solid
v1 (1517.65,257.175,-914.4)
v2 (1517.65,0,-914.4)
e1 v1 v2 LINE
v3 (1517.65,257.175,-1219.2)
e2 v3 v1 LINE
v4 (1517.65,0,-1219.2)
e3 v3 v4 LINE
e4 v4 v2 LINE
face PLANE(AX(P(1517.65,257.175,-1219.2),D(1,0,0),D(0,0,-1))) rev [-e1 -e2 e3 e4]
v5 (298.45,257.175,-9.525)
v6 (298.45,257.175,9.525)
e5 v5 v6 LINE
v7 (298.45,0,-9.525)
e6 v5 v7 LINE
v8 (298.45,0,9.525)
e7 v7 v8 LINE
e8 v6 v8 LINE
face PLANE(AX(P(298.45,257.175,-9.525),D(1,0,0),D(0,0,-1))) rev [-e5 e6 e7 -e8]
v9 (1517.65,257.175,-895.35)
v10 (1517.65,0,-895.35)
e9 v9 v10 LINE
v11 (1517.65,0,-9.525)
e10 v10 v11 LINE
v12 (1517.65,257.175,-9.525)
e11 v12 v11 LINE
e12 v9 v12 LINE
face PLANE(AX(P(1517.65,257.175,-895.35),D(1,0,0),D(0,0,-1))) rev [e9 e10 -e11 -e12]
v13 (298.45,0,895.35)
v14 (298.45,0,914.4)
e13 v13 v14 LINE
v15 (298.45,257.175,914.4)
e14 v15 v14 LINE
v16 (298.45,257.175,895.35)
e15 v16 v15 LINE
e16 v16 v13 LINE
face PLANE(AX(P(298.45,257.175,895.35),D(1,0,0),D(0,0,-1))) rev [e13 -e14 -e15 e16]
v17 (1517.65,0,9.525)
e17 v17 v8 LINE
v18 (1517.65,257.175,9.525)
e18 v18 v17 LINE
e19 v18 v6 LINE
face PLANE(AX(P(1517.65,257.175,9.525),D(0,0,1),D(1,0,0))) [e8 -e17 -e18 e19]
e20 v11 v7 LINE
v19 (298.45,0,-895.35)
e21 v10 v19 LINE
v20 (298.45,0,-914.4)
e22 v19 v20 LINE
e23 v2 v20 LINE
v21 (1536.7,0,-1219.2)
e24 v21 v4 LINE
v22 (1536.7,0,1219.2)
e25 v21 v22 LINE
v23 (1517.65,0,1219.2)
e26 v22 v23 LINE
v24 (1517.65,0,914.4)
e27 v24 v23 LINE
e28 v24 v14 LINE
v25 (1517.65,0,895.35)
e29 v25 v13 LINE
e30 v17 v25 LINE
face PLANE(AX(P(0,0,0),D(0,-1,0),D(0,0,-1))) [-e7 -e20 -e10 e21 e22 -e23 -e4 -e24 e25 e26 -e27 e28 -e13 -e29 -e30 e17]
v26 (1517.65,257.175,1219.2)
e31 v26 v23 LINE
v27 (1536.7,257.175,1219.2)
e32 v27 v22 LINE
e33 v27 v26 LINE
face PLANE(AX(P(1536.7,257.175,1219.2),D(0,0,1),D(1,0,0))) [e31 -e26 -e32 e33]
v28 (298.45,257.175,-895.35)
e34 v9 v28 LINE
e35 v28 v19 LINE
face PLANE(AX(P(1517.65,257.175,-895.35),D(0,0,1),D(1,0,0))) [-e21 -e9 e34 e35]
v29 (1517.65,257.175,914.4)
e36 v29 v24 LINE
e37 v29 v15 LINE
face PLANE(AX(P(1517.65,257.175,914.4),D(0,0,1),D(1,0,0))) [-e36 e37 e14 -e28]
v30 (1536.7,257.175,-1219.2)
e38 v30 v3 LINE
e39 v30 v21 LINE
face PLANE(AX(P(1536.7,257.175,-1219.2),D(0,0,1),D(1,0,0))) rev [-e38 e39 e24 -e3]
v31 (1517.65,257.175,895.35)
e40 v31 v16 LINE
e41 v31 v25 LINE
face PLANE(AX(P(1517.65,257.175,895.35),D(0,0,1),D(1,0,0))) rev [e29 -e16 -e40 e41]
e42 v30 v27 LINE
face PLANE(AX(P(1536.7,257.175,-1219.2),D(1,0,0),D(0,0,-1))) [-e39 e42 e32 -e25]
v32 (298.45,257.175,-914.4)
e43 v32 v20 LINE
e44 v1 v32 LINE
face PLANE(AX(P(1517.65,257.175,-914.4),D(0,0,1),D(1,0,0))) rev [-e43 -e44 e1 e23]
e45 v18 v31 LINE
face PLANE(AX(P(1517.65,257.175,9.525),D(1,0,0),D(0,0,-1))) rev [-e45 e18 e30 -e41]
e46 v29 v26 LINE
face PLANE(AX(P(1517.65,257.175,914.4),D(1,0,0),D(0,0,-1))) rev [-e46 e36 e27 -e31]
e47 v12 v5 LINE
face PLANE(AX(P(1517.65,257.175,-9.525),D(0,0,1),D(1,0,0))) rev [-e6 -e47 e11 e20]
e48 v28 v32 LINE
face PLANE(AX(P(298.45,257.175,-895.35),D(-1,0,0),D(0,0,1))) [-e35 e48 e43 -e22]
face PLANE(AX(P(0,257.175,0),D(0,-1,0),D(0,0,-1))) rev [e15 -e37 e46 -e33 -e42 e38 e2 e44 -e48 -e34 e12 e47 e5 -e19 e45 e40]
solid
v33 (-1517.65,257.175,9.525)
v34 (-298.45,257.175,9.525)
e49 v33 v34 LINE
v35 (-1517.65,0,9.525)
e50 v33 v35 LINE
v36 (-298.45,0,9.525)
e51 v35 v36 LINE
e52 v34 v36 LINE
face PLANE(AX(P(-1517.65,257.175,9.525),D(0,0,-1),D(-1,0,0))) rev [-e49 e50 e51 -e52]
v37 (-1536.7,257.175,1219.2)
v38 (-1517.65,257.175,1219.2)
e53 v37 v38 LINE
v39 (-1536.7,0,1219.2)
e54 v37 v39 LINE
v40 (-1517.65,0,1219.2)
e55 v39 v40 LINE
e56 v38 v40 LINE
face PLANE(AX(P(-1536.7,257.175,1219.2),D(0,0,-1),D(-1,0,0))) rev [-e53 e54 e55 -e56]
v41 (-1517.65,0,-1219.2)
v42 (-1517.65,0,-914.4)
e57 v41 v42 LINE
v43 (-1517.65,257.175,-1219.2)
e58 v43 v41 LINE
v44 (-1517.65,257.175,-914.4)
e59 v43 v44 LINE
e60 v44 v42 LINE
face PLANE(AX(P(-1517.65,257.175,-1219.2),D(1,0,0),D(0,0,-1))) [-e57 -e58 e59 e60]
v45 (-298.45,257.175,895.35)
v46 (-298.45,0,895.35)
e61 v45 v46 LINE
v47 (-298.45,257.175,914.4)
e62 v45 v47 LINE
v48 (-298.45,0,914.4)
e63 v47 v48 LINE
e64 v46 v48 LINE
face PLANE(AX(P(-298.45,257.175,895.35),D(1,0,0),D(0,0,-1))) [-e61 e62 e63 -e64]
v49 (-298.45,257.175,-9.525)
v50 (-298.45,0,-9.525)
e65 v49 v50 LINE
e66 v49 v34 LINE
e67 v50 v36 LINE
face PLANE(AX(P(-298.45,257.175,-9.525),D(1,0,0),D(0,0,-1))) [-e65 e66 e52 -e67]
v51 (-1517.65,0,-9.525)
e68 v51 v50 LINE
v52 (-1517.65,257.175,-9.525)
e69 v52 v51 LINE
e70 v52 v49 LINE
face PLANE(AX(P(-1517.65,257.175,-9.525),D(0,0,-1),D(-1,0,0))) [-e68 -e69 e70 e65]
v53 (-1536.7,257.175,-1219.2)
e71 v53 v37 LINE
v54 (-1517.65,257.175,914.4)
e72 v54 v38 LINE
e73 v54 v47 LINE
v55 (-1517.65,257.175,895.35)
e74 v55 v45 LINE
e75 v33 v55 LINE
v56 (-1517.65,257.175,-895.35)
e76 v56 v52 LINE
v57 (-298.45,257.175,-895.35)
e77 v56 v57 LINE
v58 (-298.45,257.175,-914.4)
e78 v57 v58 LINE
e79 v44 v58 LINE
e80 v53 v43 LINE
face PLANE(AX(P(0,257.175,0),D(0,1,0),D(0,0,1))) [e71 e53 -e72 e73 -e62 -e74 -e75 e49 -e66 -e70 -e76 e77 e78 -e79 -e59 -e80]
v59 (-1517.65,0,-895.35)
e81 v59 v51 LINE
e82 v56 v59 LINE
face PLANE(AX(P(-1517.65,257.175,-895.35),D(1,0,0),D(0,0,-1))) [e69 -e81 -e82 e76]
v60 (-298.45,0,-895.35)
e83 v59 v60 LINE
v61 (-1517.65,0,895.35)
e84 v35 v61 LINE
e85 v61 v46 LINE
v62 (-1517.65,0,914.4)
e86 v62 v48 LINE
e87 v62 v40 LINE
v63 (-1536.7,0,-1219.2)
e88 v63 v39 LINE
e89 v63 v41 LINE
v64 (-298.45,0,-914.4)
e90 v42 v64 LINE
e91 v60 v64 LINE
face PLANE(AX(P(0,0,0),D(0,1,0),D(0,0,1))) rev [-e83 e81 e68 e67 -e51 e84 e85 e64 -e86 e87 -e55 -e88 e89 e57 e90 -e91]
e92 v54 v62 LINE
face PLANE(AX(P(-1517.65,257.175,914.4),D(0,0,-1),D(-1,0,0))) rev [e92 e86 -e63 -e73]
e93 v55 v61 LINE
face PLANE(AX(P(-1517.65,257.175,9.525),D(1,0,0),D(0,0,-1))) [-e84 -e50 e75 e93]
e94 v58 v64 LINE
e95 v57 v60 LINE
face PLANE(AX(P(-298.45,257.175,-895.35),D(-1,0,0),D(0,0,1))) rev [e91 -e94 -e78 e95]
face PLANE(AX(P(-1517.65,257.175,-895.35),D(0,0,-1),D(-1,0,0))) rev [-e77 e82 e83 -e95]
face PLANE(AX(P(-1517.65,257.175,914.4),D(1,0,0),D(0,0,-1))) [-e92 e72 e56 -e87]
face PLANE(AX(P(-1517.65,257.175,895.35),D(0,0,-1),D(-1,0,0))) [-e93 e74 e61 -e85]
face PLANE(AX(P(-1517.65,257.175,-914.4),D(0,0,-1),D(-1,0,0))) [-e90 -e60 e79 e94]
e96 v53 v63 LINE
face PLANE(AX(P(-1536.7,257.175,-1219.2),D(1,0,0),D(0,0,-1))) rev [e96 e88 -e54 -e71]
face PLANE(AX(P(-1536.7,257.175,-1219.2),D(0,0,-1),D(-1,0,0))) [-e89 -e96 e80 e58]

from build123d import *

# Parameters (mm, degrees)
BOSS_EXTRUDE1_DEPTH   = 257.175
BOSS_EXTRUDE1_2_DEPTH = 257.175


with BuildPart() as part:
    # Sketch1 → Boss-Extrude1 (new body)
    with BuildSketch(Plane(origin=(0, 0, 0), x_dir=(1, 0, 0), z_dir=(0, 1, 0))):
        Polygon((-1536.7, 1219.2), (-1517.65, 1219.2), (-1517.65, 914.4), (-298.45, 914.4), (-298.45, 895.35), (-1517.65, 895.35), (-1517.65, 9.525), (-298.45, 9.525), (-298.45, -9.525), (-1517.65, -9.525), (-1517.65, -895.35), (-298.45, -895.35), (-298.45, -914.4), (-1517.65, -914.4), (-1517.65, -1219.2), (-1536.7, -1219.2), align=None)
    extrude(amount=BOSS_EXTRUDE1_DEPTH)


with BuildPart() as body_2:
    # Sketch1 → Boss-Extrude1 2 (new body)
    with BuildSketch(Plane(origin=(0, 0, 0), x_dir=(1, 0, 0), z_dir=(0, 1, 0))):
        Polygon((298.45, -895.35), (298.45, -914.4), (1517.65, -914.4), (1517.65, -1219.2), (1536.7, -1219.2), (1536.7, 1219.2), (1517.65, 1219.2), (1517.65, 914.4), (298.45, 914.4), (298.45, 895.35), (1517.65, 895.35), (1517.65, 9.525), (298.45, 9.525), (298.45, -9.525), (1517.65, -9.525), (1517.65, -895.35), align=None)
    extrude(amount=BOSS_EXTRUDE1_2_DEPTH)


solid = Compound([part.part, body_2.part])
